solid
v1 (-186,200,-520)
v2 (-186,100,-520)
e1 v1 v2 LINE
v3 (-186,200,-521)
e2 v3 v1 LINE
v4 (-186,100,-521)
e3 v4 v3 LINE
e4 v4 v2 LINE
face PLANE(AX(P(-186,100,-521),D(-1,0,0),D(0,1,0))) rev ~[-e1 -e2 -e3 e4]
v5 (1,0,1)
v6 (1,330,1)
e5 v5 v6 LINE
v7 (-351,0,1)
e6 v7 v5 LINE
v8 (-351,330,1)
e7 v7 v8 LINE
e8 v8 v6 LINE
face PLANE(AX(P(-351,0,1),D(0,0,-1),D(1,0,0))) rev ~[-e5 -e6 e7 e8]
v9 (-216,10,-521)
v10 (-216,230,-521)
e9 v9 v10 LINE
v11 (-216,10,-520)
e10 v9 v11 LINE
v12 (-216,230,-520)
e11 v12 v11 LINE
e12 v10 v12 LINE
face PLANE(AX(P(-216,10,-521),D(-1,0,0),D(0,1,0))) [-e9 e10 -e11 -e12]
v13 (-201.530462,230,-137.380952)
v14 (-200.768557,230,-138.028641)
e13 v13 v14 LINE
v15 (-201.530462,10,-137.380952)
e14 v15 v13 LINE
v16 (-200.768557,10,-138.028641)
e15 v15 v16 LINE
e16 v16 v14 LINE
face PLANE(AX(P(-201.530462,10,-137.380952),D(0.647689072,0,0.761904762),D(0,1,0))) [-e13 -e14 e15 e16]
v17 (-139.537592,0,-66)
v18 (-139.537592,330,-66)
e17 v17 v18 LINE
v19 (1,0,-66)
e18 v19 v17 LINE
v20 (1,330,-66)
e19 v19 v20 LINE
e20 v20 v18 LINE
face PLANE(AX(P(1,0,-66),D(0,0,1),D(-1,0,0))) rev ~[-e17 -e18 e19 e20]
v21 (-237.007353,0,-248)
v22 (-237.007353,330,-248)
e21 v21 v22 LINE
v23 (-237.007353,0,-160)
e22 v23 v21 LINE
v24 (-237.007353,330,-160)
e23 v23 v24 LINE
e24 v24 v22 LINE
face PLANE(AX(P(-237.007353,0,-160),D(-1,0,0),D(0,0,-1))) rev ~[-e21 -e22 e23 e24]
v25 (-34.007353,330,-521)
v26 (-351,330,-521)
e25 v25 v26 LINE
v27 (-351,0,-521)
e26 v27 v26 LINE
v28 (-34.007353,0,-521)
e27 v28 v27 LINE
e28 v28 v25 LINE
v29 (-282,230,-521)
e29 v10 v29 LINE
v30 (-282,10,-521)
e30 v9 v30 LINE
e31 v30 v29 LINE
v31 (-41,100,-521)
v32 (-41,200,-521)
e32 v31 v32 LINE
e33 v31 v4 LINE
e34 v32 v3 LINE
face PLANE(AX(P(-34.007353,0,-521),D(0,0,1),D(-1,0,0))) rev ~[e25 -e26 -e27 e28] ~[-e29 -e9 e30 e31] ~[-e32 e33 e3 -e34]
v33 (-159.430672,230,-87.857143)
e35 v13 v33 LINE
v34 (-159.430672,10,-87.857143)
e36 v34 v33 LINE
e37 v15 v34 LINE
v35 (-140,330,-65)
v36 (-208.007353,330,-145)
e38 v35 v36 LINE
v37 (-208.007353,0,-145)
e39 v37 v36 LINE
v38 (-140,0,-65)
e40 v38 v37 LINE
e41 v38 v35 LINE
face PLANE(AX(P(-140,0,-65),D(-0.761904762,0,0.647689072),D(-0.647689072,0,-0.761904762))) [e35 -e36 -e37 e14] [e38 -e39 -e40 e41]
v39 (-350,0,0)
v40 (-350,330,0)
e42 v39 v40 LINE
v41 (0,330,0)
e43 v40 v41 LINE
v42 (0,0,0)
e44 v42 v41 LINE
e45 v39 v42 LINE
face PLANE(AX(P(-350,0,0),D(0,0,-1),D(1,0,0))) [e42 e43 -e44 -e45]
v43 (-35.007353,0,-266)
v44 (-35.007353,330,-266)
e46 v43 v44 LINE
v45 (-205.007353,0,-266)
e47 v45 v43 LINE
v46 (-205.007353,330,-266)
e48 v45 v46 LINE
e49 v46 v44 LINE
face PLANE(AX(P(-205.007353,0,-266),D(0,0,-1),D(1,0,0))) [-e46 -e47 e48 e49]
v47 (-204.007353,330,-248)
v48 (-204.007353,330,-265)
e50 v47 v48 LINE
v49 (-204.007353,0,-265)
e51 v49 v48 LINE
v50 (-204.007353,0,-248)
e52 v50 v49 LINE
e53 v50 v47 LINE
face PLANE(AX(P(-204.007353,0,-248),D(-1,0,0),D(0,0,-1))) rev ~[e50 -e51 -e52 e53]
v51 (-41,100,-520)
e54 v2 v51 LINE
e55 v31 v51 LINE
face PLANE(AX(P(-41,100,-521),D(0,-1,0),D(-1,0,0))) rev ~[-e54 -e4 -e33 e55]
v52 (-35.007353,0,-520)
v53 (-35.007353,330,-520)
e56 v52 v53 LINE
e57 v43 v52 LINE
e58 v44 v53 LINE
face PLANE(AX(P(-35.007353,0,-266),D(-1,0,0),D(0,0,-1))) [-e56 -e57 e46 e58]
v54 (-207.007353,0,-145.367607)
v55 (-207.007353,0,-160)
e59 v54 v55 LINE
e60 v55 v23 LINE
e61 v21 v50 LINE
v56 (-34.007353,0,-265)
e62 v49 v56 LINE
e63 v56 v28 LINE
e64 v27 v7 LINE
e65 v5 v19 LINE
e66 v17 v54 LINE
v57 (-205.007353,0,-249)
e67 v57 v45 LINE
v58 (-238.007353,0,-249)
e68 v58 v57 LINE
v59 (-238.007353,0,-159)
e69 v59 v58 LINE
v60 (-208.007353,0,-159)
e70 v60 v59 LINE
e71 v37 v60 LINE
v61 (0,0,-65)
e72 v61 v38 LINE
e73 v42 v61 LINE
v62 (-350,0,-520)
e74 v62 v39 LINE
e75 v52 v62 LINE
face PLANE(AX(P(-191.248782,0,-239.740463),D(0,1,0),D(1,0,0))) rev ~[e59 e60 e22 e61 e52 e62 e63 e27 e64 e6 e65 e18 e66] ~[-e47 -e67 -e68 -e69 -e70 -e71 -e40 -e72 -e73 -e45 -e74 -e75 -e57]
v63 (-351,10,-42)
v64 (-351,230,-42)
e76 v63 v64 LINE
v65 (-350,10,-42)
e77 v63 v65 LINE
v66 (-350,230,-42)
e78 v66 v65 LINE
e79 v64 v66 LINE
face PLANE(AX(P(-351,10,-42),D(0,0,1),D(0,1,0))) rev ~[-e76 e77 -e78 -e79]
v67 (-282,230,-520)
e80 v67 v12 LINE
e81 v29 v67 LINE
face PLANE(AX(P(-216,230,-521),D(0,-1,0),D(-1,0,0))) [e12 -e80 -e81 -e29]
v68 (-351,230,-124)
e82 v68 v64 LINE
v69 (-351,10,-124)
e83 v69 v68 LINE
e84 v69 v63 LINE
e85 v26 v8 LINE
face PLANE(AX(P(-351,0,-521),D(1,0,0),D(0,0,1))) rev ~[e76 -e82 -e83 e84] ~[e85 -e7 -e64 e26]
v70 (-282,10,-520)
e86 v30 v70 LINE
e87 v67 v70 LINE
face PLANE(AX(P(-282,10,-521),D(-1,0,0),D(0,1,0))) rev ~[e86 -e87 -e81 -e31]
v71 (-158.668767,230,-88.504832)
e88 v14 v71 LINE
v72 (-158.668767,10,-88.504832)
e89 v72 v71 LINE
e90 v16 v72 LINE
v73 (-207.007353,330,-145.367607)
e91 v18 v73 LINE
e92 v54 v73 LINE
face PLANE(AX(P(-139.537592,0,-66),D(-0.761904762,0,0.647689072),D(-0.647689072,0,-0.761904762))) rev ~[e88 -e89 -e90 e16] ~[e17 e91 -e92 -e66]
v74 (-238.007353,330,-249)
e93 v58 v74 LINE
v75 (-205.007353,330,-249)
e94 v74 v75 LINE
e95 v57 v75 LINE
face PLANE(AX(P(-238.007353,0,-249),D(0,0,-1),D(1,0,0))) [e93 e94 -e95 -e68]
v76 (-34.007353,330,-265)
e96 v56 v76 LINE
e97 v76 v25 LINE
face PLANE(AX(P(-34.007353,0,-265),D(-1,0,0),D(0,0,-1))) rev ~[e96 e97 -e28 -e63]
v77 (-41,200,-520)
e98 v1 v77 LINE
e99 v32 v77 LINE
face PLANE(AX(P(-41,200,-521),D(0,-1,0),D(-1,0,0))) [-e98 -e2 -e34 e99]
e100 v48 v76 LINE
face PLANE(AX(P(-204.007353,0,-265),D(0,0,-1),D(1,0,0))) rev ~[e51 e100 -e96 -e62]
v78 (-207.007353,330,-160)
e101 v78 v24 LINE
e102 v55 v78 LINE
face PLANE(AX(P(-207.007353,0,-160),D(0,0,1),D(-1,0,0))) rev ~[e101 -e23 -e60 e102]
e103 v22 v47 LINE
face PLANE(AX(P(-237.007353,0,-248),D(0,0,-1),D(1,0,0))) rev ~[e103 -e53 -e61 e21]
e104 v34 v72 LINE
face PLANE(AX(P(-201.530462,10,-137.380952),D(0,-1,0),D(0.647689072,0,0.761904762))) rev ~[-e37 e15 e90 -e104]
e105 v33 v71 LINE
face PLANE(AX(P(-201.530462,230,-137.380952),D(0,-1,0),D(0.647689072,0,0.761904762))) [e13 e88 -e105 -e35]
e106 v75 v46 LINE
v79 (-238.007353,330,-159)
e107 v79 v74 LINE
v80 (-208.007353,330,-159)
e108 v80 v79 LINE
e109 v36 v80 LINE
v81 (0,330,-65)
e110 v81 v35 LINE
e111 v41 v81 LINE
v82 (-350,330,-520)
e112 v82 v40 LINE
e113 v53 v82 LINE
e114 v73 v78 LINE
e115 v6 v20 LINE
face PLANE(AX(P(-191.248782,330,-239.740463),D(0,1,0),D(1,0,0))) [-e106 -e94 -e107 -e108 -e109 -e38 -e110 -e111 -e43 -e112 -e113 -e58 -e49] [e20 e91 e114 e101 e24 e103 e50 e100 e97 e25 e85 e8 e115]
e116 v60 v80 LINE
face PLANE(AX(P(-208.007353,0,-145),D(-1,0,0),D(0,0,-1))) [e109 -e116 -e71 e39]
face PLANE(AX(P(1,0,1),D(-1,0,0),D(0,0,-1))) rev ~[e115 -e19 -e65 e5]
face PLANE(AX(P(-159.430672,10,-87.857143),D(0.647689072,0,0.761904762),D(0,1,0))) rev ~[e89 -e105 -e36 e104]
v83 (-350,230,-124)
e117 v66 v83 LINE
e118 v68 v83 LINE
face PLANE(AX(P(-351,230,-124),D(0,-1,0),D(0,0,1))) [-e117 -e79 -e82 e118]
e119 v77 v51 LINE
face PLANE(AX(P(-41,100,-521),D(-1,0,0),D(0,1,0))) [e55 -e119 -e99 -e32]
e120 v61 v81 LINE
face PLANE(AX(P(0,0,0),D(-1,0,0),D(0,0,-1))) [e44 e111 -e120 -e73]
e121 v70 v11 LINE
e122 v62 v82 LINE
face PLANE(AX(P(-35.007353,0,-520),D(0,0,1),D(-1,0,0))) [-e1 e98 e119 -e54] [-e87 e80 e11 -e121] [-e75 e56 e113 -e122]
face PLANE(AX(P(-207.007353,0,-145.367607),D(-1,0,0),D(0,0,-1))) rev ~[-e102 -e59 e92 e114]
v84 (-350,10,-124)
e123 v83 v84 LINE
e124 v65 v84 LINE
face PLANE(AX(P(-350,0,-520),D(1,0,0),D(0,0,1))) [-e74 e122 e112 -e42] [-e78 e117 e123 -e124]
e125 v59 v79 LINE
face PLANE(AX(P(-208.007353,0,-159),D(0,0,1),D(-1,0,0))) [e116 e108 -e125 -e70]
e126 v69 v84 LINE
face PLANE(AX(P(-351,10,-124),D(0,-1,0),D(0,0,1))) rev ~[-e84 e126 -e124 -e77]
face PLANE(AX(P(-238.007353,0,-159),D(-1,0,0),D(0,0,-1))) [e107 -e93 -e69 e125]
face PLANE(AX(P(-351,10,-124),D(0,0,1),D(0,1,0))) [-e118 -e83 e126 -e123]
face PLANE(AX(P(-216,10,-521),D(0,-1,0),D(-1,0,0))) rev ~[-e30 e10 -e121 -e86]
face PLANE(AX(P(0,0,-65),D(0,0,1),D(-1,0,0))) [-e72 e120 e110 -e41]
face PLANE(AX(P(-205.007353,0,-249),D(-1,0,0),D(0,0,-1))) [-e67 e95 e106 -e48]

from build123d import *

# Parameters (mm, degrees)
EXTRUDE_2_DEPTH     = 330
SKETCH_2_W          = 66
SKETCH_2_H          = 220
SKETCH_2_W_2        = 145
SKETCH_2_H_2        = 100
CUT_EXTRUDE_1_DEPTH = 10
SKETCH_5_W          = 82
SKETCH_5_H          = 220
CUT_EXTRUDE_3_DEPTH = 10
SKETCH_9_W          = 65
SKETCH_9_H          = 220
CUT_EXTRUDE_5_DEPTH = 10


with BuildPart() as part:
    # Эскиз1 → Вытянуть-Тонкостенный2 (new body)
    with BuildSketch(Plane(origin=(0, 0, 0), x_dir=(1, 0, 0), z_dir=(0, 1, 0))):
        Polygon((-34.007352544, 521), (-351, 521), (-351, -1), (1, -1), (1, 66), (-139.537591907, 66), (-207.007352544, 145.367607311), (-207.007352544, 160), (-237.007352544, 160), (-237.007352544, 248), (-204.007352544, 248), (-204.007352544, 265), (-34.007352544, 265), align=None)
        Polygon((-35.007352544, 520), (-350, 520), (-350, 0), (0, 0), (0, 65), (-140, 65), (-208.007352544, 145), (-208.007352544, 159), (-238.007352544, 159), (-238.007352544, 249), (-205.007352544, 249), (-205.007352544, 266), (-35.007352544, 266), align=None, mode=Mode.SUBTRACT)
    extrude(amount=EXTRUDE_2_DEPTH)

    # Эскиз2 → Вырез-Вытянуть1 (cut)
    with BuildSketch(Plane(origin=(0, 0, -521), x_dir=(-1, 0, 0), z_dir=(0, 0, -1))):
        with Locations((249, 120)):
            Rectangle(SKETCH_2_W, SKETCH_2_H)
        with Locations((113.5, 150)):
            Rectangle(SKETCH_2_W_2, SKETCH_2_H_2)
    extrude(amount=-CUT_EXTRUDE_1_DEPTH, mode=Mode.SUBTRACT)

    # Эскиз5 → Вырез-Вытянуть3 (cut)
    with BuildSketch(Plane.ZY.offset(351)):
        with Locations((-83, 120)):
            Rectangle(SKETCH_5_W, SKETCH_5_H)
    extrude(amount=-CUT_EXTRUDE_3_DEPTH, mode=Mode.SUBTRACT)

    # Эскиз9 → Вырез-Вытянуть5 (cut)
    with BuildSketch(Plane(origin=(-49.193811045, 0, 41.819260634), x_dir=(0.6476890718445449, 0, 0.7619047619047621), z_dir=(-0.7619047619047621, 0, 0.6476890718445449))):
        with Locations((-202.700279582, 120)):
            Rectangle(SKETCH_9_W, SKETCH_9_H)
    extrude(amount=-CUT_EXTRUDE_5_DEPTH, mode=Mode.SUBTRACT)


solid = part.part
